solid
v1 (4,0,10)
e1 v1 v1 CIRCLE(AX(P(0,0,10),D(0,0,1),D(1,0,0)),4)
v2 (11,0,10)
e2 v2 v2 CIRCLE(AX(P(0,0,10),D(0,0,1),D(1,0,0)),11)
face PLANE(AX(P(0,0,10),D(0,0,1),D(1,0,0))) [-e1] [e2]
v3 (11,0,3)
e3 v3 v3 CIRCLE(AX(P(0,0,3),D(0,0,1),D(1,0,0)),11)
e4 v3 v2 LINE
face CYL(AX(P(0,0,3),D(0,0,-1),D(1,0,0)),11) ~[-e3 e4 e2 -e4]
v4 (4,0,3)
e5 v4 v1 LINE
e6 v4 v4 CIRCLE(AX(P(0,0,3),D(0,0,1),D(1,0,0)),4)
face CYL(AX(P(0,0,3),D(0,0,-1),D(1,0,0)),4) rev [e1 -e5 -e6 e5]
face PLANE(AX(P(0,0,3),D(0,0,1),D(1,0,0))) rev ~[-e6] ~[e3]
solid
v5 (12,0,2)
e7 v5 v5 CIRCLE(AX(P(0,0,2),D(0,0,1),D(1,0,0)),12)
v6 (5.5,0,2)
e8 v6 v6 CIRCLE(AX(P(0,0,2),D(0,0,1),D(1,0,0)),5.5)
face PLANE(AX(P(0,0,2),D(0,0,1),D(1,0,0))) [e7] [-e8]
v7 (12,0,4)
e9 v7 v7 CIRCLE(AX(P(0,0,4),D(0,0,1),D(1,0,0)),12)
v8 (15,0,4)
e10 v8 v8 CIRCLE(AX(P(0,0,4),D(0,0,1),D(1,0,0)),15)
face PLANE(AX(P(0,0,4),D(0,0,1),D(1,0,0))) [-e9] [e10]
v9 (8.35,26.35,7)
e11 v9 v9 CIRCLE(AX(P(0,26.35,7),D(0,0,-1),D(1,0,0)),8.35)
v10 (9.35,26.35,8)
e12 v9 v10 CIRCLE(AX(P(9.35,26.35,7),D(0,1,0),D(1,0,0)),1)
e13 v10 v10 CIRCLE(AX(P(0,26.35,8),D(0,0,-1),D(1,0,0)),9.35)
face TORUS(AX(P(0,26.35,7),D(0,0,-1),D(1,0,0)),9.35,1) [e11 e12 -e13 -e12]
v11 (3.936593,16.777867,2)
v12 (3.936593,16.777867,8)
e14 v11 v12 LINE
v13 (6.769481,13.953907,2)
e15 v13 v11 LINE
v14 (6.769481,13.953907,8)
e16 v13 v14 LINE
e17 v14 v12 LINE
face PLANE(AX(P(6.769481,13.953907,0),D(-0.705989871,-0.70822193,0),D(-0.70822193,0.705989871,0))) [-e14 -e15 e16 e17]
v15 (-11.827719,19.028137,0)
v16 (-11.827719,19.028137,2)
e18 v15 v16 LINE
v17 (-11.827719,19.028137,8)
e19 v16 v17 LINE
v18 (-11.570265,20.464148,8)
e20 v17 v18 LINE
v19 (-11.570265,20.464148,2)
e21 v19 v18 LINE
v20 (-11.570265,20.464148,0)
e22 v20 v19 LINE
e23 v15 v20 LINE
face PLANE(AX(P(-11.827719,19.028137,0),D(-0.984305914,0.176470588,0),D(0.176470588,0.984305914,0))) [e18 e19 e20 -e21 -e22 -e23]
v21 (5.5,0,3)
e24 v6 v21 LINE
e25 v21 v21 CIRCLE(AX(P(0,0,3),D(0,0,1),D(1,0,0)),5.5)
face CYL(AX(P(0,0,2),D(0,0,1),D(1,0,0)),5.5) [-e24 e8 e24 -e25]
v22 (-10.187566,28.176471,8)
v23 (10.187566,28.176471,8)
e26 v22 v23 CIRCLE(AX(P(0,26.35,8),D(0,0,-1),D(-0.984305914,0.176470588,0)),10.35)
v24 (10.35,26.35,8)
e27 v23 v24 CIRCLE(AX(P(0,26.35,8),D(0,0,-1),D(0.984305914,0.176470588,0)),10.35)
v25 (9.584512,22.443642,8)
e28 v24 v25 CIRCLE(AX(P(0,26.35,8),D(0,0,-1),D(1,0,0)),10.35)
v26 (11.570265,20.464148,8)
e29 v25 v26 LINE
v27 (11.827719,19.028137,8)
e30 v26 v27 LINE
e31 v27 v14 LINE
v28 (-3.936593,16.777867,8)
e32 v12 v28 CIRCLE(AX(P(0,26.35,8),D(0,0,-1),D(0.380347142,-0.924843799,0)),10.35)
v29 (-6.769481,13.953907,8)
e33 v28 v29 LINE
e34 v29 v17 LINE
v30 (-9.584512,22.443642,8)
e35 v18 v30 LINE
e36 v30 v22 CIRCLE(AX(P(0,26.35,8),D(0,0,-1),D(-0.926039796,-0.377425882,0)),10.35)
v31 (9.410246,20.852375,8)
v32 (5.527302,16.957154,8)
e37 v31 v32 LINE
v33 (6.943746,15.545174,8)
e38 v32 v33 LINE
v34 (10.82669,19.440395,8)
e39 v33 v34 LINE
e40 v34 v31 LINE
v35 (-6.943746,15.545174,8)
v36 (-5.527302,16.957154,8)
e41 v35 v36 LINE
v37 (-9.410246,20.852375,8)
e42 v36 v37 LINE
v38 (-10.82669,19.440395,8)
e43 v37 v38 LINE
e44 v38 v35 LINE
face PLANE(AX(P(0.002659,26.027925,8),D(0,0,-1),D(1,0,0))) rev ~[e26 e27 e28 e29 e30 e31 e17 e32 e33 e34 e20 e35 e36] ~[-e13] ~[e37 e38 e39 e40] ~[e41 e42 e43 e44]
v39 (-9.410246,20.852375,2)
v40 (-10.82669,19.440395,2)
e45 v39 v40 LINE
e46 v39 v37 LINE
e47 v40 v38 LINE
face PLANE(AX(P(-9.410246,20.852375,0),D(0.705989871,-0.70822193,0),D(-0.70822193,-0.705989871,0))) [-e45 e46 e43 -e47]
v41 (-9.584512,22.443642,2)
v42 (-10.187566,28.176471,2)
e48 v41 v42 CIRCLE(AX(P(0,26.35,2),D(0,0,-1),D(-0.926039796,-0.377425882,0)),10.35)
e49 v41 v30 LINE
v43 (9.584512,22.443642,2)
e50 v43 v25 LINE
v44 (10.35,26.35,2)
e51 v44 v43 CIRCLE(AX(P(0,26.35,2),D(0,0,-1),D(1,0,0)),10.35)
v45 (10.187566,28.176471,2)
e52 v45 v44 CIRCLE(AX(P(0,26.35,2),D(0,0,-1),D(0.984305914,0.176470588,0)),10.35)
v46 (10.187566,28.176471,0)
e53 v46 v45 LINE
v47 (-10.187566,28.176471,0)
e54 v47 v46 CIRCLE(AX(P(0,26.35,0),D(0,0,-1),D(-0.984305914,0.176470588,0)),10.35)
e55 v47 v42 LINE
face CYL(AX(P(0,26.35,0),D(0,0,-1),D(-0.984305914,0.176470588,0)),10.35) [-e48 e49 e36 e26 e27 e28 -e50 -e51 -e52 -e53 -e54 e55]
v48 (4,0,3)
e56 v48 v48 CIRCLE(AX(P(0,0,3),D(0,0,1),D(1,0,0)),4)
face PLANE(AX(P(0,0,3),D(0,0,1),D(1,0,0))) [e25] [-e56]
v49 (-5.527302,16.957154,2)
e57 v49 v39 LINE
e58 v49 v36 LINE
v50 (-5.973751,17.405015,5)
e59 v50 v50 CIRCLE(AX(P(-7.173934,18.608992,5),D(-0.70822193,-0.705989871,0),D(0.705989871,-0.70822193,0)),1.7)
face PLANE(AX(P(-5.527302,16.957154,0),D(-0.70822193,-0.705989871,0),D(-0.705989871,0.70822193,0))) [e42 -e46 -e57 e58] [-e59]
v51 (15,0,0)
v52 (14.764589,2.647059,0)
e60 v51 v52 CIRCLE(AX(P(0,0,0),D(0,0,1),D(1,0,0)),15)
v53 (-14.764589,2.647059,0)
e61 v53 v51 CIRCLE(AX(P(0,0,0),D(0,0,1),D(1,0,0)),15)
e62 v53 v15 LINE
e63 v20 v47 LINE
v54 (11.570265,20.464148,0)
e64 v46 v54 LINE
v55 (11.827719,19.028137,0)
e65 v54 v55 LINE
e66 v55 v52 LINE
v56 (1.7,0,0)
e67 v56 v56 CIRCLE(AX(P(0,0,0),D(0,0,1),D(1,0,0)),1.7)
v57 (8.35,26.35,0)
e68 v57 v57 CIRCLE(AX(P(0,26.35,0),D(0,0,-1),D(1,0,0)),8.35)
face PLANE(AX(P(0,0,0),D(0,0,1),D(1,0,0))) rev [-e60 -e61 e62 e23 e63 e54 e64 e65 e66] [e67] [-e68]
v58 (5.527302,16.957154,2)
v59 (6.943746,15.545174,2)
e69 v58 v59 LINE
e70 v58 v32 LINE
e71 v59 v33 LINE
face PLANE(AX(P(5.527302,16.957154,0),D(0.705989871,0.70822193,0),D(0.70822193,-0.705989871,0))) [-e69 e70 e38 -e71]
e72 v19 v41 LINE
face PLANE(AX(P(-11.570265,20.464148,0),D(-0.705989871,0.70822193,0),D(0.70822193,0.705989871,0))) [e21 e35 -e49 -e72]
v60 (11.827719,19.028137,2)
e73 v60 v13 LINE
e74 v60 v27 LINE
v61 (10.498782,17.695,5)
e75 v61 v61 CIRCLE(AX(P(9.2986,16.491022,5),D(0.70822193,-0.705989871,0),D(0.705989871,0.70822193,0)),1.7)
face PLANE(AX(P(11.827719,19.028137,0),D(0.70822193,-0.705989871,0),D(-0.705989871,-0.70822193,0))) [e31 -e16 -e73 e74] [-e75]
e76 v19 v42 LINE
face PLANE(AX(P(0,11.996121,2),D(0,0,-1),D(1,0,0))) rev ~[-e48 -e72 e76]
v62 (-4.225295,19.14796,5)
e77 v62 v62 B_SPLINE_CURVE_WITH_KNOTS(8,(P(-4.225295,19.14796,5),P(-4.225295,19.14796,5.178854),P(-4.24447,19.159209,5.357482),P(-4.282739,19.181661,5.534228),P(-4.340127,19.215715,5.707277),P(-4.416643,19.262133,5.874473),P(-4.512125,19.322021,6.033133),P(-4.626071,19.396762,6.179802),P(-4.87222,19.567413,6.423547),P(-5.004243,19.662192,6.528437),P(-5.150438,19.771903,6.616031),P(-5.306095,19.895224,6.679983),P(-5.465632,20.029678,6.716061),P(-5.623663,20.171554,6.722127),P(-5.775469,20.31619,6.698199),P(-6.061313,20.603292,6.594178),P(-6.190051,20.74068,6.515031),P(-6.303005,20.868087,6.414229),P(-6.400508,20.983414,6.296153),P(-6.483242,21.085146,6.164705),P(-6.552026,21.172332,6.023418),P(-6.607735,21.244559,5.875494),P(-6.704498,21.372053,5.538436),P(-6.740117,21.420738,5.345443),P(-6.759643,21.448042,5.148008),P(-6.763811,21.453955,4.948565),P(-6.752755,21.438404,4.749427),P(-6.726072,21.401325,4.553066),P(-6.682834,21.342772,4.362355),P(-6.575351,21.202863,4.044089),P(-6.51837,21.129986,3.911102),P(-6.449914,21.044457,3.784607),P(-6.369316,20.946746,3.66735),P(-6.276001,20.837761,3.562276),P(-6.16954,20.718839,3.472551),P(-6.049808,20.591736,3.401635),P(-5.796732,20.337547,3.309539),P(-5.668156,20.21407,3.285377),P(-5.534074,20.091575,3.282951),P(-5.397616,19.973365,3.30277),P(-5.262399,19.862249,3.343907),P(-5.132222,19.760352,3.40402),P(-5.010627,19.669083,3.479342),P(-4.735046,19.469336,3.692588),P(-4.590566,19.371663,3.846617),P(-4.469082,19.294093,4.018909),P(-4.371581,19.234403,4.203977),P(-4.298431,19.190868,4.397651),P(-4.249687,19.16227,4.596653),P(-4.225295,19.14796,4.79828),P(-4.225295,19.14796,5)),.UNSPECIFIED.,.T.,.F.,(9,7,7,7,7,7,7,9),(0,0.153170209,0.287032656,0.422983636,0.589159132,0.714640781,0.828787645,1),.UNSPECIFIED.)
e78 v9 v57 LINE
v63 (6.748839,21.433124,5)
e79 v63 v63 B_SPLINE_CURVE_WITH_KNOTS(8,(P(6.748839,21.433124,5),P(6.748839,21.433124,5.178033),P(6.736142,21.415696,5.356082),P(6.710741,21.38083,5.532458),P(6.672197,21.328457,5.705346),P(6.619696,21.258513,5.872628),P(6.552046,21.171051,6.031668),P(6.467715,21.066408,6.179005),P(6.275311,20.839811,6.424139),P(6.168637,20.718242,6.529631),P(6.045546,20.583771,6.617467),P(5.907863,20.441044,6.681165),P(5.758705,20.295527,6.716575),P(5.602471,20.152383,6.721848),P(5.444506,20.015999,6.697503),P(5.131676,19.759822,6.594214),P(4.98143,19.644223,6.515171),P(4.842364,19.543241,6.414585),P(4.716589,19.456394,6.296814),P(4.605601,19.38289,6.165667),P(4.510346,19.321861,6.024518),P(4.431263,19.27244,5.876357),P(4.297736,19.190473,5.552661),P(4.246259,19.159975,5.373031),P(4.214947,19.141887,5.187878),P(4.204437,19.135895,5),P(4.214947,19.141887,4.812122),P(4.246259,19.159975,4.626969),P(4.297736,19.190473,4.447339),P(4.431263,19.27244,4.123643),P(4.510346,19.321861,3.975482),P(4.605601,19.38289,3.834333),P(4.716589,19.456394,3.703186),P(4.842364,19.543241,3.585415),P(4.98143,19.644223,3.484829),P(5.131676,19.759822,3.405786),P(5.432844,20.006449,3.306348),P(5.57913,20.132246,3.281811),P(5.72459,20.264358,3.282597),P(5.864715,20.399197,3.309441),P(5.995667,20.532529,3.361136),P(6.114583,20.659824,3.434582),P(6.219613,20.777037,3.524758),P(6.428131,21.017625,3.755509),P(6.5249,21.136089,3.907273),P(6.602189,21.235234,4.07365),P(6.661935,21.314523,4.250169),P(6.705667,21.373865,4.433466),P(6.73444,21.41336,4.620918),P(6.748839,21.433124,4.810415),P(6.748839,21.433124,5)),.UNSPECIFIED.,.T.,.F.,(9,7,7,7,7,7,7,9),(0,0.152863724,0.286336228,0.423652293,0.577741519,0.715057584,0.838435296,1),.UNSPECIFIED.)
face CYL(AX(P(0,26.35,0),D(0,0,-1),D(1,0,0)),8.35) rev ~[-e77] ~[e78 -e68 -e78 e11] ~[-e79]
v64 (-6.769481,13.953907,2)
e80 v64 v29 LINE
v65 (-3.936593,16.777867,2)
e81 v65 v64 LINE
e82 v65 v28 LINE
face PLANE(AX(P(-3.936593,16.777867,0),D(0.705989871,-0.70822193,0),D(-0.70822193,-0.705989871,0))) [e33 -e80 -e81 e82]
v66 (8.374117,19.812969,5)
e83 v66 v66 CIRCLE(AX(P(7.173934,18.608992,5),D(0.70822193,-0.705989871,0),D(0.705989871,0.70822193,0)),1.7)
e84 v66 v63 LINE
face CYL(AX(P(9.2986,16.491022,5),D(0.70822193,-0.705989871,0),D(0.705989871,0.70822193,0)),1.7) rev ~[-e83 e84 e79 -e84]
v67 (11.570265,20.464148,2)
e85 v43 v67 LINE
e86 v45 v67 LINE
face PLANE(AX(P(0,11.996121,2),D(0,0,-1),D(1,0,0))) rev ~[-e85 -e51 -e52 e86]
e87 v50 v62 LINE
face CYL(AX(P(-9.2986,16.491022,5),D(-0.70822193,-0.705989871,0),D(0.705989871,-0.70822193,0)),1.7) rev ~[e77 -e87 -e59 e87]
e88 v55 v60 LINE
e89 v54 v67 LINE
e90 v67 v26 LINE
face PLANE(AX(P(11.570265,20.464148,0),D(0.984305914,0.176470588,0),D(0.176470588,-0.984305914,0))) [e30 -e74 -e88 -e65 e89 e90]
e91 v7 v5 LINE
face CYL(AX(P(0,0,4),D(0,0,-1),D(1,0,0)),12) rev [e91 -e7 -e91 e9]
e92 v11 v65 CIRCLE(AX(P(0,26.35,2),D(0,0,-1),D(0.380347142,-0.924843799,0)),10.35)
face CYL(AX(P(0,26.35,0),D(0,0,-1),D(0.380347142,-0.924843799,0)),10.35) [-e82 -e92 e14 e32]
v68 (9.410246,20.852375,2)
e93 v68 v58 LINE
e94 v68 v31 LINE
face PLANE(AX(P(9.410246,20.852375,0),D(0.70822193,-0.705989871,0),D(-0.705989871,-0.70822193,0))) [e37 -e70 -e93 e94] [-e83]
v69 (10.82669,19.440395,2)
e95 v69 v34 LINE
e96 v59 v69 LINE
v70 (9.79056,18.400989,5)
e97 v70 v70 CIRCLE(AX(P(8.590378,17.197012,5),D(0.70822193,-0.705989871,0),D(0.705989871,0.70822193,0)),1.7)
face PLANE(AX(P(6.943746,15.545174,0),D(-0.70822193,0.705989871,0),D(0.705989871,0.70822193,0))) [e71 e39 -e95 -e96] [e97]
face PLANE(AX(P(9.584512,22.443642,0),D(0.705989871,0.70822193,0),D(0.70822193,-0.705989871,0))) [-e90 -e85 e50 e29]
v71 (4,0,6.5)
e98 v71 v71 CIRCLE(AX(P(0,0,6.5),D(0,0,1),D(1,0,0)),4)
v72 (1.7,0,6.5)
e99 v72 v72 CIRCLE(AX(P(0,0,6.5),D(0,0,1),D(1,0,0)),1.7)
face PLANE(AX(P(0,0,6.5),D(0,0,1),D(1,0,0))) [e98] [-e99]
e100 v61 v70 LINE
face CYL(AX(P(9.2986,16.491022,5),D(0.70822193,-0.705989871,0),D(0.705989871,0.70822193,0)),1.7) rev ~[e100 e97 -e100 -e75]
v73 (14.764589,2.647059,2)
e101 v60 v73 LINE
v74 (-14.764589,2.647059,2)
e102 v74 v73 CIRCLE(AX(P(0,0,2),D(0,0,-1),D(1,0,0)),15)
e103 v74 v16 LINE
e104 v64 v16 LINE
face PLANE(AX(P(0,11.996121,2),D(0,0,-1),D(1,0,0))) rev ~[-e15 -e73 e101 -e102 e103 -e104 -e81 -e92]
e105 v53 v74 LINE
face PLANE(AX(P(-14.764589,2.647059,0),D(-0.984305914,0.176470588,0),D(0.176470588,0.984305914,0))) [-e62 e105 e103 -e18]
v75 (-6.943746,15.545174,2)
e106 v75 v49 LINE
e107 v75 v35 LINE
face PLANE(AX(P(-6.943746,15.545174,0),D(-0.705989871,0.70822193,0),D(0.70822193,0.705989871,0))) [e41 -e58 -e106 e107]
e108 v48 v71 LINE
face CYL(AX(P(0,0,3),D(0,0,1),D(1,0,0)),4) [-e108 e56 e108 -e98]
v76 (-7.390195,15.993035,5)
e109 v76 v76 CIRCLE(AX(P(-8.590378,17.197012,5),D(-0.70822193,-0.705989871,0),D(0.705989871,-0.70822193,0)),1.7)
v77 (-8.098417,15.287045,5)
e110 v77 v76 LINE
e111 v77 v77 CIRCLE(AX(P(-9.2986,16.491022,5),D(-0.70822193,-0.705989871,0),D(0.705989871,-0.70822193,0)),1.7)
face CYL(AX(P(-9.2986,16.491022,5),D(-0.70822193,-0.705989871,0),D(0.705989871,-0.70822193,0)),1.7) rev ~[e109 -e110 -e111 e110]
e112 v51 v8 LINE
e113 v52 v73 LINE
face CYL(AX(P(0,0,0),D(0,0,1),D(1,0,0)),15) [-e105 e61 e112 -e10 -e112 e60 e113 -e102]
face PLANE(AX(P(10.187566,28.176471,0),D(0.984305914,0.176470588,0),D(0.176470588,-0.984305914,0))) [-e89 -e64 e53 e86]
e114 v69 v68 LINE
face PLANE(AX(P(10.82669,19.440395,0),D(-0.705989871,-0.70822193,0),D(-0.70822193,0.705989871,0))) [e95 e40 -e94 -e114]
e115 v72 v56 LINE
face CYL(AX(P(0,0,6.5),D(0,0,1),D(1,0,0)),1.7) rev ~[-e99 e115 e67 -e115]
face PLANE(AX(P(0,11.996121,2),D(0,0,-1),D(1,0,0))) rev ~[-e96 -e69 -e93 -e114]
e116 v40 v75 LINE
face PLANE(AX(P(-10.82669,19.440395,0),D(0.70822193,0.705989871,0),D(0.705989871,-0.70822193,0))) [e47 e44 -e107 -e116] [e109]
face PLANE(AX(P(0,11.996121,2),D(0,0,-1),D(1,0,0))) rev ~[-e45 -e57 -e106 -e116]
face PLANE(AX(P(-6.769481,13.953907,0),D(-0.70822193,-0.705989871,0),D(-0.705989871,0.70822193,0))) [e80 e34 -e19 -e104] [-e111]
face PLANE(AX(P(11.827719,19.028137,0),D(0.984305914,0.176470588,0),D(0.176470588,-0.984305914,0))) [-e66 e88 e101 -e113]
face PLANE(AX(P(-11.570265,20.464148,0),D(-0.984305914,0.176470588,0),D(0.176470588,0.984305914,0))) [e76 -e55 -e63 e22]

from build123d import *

# Parameters (mm, degrees)
F3_R         = 1.7
F4_DEPTH     = 6.5
F5_R         = 8.35
F5_R_2       = 1.7
F2_FACE1_R   = 15
F2_FACE1_R_2 = 1.7
F6_DEPTH     = 2
F7_DEPTH     = 8
F8_R         = 1.7
F9_DEPTH     = 6.4687966713
F10_R        = 1.7
F11_DEPTH    = 6.4687966703
F12_R        = 11
F12_R_2      = 4
F13_DEPTH    = 7
F14_R        = 1


with BuildPart() as f2:
    # F1 (on Front) → F2 (revolve)
    with BuildSketch(Plane.XZ):
        Polygon((0, 6.5), (0, 0), (15, 0), (15, 4), (12, 4), (12, 2), (11, 2), (5.5, 2), (5.5, 3), (4, 3), (4, 6.5), align=None)
    revolve(axis=Axis((0, 0, 3.25), (0, 0, 1)))

    # F3 (on face) → F4 (cut, through all)
    with BuildSketch(Plane.XY.offset(6.5)):
        Circle(F3_R)
    extrude(amount=-F4_DEPTH, mode=Mode.SUBTRACT)

    # F5 (on face) + F2_face1 (on face) → F6 (join, through all)
    with BuildSketch(Plane(origin=(0, 0, 0), x_dir=(1, 0, 0), z_dir=(0, 0, -1))):
        with BuildLine():
            ThreePointArc((14.7645887035, -2.6470588235), (0, -15), (-14.7645887035, -2.6470588235))
            Line((-14.7645887035, -2.6470588235), (-11.8277186488, -19.0281373429))
            Line((-11.8277186488, -19.0281373429), (-6.769480635, -13.9539071991))
            Line((-6.769480635, -13.9539071991), (-3.9365929167, -16.7778666846))
            ThreePointArc((-3.9365929167, -16.7778666846), (0, -16), (3.9365929167, -16.7778666846))
            Line((3.9365929167, -16.7778666846), (6.769480635, -13.9539071991))
            Line((6.769480635, -13.9539071991), (11.8277186488, -19.0281373429))
            Line((11.8277186488, -19.0281373429), (14.7645887035, -2.6470588235))
        make_face()
        with BuildLine():
            Line((11.5702645211, -20.4641478586), (11.8277186488, -19.0281373429))
            Line((11.8277186488, -19.0281373429), (6.769480635, -13.9539071991))
            Line((6.769480635, -13.9539071991), (3.9365929167, -16.7778666846))
            ThreePointArc((3.9365929167, -16.7778666846), (7.3300969712, -19.0430048314), (9.5845118876, -22.4436421212))
            Line((9.5845118876, -22.4436421212), (11.5702645211, -20.4641478586))
        make_face()
        Polygon((9.4102464779, -20.8523748379), (5.5273021855, -16.9571542252), (6.9437460446, -15.5451744825), (10.8266903371, -19.4403950952), align=None, mode=Mode.SUBTRACT)
        with BuildLine():
            Line((10.1875662054, -28.1764705882), (11.5702645211, -20.4641478586))
            Line((11.5702645211, -20.4641478586), (9.5845118876, -22.4436421212))
            ThreePointArc((9.5845118876, -22.4436421212), (10.1568252431, -24.359673147), (10.35, -26.35))
            ThreePointArc((10.35, -26.35), (10.3093115732, -27.2668396189), (10.1875662054, -28.1764705882))
        make_face()
        with BuildLine():
            ThreePointArc((-9.5845118876, -22.4436421212), (-10.2932064289, -25.2672251329), (-10.1875662054, -28.1764705882))
            ThreePointArc((-10.1875662054, -28.1764705882), (0, -36.7), (10.1875662054, -28.1764705882))
            ThreePointArc((10.1875662054, -28.1764705882), (10.3093115732, -27.2668396189), (10.35, -26.35))
            ThreePointArc((10.35, -26.35), (10.1568252431, -24.359673147), (9.5845118876, -22.4436421212))
            ThreePointArc((9.5845118876, -22.4436421212), (7.3300969712, -19.0430048314), (3.9365929167, -16.7778666846))
            ThreePointArc((3.9365929167, -16.7778666846), (0, -16), (-3.9365929167, -16.7778666846))
            ThreePointArc((-3.9365929167, -16.7778666846), (-7.3300969712, -19.0430048314), (-9.5845118876, -22.4436421212))
        make_face()
        with Locations((0, -26.35)):
            Circle(F5_R, mode=Mode.SUBTRACT)
        with BuildLine():
            Line((-6.769480635, -13.9539071991), (-11.8277186488, -19.0281373429))
            Line((-11.8277186488, -19.0281373429), (-11.5702645211, -20.4641478586))
            Line((-11.5702645211, -20.4641478586), (-9.5845118876, -22.4436421212))
            ThreePointArc((-9.5845118876, -22.4436421212), (-7.3300969712, -19.0430048314), (-3.9365929167, -16.7778666846))
            Line((-3.9365929167, -16.7778666846), (-6.769480635, -13.9539071991))
        make_face()
        Polygon((-5.5273021855, -16.9571542252), (-9.4102464779, -20.8523748379), (-10.8266903371, -19.4403950952), (-6.9437460446, -15.5451744825), align=None, mode=Mode.SUBTRACT)
        Polygon((-10.8266903371, -19.4403950952), (-9.4102464779, -20.8523748379), (-5.5273021855, -16.9571542252), (-6.9437460446, -15.5451744825), align=None)
        with BuildLine():
            Line((-9.5845118876, -22.4436421212), (-11.5702645211, -20.4641478586))
            Line((-11.5702645211, -20.4641478586), (-10.1875662054, -28.1764705882))
            ThreePointArc((-10.1875662054, -28.1764705882), (-10.2932064289, -25.2672251329), (-9.5845118876, -22.4436421212))
        make_face()
        with BuildLine():
            ThreePointArc((14.7645887035, -2.6470588235), (14.9410312655, -1.3287530709), (15, 0))
            ThreePointArc((15, 0), (-1.3287530709, 14.9410312655), (-14.7645887035, -2.6470588235))
            ThreePointArc((-14.7645887035, -2.6470588235), (0, -15), (14.7645887035, -2.6470588235))
        make_face()
        Circle(F5_R_2, mode=Mode.SUBTRACT)
        Polygon((6.9437460446, -15.5451744825), (5.5273021855, -16.9571542252), (9.4102464779, -20.8523748379), (10.8266903371, -19.4403950952), align=None)
    with BuildSketch(Plane(origin=(0, 0, 0), x_dir=(1, 0, 0), z_dir=(0, 0, -1))):
        Circle(F2_FACE1_R)
        Circle(F2_FACE1_R_2, mode=Mode.SUBTRACT)
    extrude(amount=-F6_DEPTH)

    # F5 (on face) → F7 (join)
    with BuildSketch(Plane(origin=(0, 0, 0), x_dir=(1, 0, 0), z_dir=(0, 0, -1))):
        with BuildLine():
            ThreePointArc((-9.5845118876, -22.4436421212), (-10.2932064289, -25.2672251329), (-10.1875662054, -28.1764705882))
            ThreePointArc((-10.1875662054, -28.1764705882), (0, -36.7), (10.1875662054, -28.1764705882))
            ThreePointArc((10.1875662054, -28.1764705882), (10.3093115732, -27.2668396189), (10.35, -26.35))
            ThreePointArc((10.35, -26.35), (10.1568252431, -24.359673147), (9.5845118876, -22.4436421212))
            ThreePointArc((9.5845118876, -22.4436421212), (7.3300969712, -19.0430048314), (3.9365929167, -16.7778666846))
            ThreePointArc((3.9365929167, -16.7778666846), (0, -16), (-3.9365929167, -16.7778666846))
            ThreePointArc((-3.9365929167, -16.7778666846), (-7.3300969712, -19.0430048314), (-9.5845118876, -22.4436421212))
        make_face()
        with Locations((0, -26.35)):
            Circle(F5_R, mode=Mode.SUBTRACT)
        with BuildLine():
            Line((-6.769480635, -13.9539071991), (-11.8277186488, -19.0281373429))
            Line((-11.8277186488, -19.0281373429), (-11.5702645211, -20.4641478586))
            Line((-11.5702645211, -20.4641478586), (-9.5845118876, -22.4436421212))
            ThreePointArc((-9.5845118876, -22.4436421212), (-7.3300969712, -19.0430048314), (-3.9365929167, -16.7778666846))
            Line((-3.9365929167, -16.7778666846), (-6.769480635, -13.9539071991))
        make_face()
        Polygon((-5.5273021855, -16.9571542252), (-9.4102464779, -20.8523748379), (-10.8266903371, -19.4403950952), (-6.9437460446, -15.5451744825), align=None, mode=Mode.SUBTRACT)
        with BuildLine():
            Line((11.5702645211, -20.4641478586), (11.8277186488, -19.0281373429))
            Line((11.8277186488, -19.0281373429), (6.769480635, -13.9539071991))
            Line((6.769480635, -13.9539071991), (3.9365929167, -16.7778666846))
            ThreePointArc((3.9365929167, -16.7778666846), (7.3300969712, -19.0430048314), (9.5845118876, -22.4436421212))
            Line((9.5845118876, -22.4436421212), (11.5702645211, -20.4641478586))
        make_face()
        Polygon((9.4102464779, -20.8523748379), (5.5273021855, -16.9571542252), (6.9437460446, -15.5451744825), (10.8266903371, -19.4403950952), align=None, mode=Mode.SUBTRACT)
    extrude(amount=-F7_DEPTH)

    # F8 (on face) → F9 (cut, up to face)
    with BuildSketch(Plane(origin=(3.5814942406, 3.5702066719, 0), x_dir=(0.7059898714, -0.7082219296, 0), z_dir=(-0.7082219296, -0.7059898714, 0))):
        with Locations((-18.2440207785, 5)):
            Circle(F8_R)
    extrude(amount=-F9_DEPTH, mode=Mode.SUBTRACT)

    # F10 (on face) → F11 (cut, up to face)
    with BuildSketch(Plane(origin=(-3.5814942406, 3.5702066719, 0), x_dir=(0.7059898714, 0.7082219296, 0), z_dir=(0.7082219296, -0.7059898714, 0))):
        with Locations((18.2440207785, 5)):
            Circle(F10_R)
    extrude(amount=-F11_DEPTH, mode=Mode.SUBTRACT)

    # F14
    f14_edges = [f2.edges().sort_by_distance(p)[0] for p in [
        (-8.35, 26.35, 8),
    ]]
    fillet(f14_edges, radius=F14_R)


with BuildPart() as f13:
    # F12 (on face) → F13 (new body)
    with BuildSketch(Plane.XY.offset(3)):
        Circle(F12_R)
        Circle(F12_R_2, mode=Mode.SUBTRACT)
    extrude(amount=F13_DEPTH)


solid = Compound([f2.part, f13.part])
